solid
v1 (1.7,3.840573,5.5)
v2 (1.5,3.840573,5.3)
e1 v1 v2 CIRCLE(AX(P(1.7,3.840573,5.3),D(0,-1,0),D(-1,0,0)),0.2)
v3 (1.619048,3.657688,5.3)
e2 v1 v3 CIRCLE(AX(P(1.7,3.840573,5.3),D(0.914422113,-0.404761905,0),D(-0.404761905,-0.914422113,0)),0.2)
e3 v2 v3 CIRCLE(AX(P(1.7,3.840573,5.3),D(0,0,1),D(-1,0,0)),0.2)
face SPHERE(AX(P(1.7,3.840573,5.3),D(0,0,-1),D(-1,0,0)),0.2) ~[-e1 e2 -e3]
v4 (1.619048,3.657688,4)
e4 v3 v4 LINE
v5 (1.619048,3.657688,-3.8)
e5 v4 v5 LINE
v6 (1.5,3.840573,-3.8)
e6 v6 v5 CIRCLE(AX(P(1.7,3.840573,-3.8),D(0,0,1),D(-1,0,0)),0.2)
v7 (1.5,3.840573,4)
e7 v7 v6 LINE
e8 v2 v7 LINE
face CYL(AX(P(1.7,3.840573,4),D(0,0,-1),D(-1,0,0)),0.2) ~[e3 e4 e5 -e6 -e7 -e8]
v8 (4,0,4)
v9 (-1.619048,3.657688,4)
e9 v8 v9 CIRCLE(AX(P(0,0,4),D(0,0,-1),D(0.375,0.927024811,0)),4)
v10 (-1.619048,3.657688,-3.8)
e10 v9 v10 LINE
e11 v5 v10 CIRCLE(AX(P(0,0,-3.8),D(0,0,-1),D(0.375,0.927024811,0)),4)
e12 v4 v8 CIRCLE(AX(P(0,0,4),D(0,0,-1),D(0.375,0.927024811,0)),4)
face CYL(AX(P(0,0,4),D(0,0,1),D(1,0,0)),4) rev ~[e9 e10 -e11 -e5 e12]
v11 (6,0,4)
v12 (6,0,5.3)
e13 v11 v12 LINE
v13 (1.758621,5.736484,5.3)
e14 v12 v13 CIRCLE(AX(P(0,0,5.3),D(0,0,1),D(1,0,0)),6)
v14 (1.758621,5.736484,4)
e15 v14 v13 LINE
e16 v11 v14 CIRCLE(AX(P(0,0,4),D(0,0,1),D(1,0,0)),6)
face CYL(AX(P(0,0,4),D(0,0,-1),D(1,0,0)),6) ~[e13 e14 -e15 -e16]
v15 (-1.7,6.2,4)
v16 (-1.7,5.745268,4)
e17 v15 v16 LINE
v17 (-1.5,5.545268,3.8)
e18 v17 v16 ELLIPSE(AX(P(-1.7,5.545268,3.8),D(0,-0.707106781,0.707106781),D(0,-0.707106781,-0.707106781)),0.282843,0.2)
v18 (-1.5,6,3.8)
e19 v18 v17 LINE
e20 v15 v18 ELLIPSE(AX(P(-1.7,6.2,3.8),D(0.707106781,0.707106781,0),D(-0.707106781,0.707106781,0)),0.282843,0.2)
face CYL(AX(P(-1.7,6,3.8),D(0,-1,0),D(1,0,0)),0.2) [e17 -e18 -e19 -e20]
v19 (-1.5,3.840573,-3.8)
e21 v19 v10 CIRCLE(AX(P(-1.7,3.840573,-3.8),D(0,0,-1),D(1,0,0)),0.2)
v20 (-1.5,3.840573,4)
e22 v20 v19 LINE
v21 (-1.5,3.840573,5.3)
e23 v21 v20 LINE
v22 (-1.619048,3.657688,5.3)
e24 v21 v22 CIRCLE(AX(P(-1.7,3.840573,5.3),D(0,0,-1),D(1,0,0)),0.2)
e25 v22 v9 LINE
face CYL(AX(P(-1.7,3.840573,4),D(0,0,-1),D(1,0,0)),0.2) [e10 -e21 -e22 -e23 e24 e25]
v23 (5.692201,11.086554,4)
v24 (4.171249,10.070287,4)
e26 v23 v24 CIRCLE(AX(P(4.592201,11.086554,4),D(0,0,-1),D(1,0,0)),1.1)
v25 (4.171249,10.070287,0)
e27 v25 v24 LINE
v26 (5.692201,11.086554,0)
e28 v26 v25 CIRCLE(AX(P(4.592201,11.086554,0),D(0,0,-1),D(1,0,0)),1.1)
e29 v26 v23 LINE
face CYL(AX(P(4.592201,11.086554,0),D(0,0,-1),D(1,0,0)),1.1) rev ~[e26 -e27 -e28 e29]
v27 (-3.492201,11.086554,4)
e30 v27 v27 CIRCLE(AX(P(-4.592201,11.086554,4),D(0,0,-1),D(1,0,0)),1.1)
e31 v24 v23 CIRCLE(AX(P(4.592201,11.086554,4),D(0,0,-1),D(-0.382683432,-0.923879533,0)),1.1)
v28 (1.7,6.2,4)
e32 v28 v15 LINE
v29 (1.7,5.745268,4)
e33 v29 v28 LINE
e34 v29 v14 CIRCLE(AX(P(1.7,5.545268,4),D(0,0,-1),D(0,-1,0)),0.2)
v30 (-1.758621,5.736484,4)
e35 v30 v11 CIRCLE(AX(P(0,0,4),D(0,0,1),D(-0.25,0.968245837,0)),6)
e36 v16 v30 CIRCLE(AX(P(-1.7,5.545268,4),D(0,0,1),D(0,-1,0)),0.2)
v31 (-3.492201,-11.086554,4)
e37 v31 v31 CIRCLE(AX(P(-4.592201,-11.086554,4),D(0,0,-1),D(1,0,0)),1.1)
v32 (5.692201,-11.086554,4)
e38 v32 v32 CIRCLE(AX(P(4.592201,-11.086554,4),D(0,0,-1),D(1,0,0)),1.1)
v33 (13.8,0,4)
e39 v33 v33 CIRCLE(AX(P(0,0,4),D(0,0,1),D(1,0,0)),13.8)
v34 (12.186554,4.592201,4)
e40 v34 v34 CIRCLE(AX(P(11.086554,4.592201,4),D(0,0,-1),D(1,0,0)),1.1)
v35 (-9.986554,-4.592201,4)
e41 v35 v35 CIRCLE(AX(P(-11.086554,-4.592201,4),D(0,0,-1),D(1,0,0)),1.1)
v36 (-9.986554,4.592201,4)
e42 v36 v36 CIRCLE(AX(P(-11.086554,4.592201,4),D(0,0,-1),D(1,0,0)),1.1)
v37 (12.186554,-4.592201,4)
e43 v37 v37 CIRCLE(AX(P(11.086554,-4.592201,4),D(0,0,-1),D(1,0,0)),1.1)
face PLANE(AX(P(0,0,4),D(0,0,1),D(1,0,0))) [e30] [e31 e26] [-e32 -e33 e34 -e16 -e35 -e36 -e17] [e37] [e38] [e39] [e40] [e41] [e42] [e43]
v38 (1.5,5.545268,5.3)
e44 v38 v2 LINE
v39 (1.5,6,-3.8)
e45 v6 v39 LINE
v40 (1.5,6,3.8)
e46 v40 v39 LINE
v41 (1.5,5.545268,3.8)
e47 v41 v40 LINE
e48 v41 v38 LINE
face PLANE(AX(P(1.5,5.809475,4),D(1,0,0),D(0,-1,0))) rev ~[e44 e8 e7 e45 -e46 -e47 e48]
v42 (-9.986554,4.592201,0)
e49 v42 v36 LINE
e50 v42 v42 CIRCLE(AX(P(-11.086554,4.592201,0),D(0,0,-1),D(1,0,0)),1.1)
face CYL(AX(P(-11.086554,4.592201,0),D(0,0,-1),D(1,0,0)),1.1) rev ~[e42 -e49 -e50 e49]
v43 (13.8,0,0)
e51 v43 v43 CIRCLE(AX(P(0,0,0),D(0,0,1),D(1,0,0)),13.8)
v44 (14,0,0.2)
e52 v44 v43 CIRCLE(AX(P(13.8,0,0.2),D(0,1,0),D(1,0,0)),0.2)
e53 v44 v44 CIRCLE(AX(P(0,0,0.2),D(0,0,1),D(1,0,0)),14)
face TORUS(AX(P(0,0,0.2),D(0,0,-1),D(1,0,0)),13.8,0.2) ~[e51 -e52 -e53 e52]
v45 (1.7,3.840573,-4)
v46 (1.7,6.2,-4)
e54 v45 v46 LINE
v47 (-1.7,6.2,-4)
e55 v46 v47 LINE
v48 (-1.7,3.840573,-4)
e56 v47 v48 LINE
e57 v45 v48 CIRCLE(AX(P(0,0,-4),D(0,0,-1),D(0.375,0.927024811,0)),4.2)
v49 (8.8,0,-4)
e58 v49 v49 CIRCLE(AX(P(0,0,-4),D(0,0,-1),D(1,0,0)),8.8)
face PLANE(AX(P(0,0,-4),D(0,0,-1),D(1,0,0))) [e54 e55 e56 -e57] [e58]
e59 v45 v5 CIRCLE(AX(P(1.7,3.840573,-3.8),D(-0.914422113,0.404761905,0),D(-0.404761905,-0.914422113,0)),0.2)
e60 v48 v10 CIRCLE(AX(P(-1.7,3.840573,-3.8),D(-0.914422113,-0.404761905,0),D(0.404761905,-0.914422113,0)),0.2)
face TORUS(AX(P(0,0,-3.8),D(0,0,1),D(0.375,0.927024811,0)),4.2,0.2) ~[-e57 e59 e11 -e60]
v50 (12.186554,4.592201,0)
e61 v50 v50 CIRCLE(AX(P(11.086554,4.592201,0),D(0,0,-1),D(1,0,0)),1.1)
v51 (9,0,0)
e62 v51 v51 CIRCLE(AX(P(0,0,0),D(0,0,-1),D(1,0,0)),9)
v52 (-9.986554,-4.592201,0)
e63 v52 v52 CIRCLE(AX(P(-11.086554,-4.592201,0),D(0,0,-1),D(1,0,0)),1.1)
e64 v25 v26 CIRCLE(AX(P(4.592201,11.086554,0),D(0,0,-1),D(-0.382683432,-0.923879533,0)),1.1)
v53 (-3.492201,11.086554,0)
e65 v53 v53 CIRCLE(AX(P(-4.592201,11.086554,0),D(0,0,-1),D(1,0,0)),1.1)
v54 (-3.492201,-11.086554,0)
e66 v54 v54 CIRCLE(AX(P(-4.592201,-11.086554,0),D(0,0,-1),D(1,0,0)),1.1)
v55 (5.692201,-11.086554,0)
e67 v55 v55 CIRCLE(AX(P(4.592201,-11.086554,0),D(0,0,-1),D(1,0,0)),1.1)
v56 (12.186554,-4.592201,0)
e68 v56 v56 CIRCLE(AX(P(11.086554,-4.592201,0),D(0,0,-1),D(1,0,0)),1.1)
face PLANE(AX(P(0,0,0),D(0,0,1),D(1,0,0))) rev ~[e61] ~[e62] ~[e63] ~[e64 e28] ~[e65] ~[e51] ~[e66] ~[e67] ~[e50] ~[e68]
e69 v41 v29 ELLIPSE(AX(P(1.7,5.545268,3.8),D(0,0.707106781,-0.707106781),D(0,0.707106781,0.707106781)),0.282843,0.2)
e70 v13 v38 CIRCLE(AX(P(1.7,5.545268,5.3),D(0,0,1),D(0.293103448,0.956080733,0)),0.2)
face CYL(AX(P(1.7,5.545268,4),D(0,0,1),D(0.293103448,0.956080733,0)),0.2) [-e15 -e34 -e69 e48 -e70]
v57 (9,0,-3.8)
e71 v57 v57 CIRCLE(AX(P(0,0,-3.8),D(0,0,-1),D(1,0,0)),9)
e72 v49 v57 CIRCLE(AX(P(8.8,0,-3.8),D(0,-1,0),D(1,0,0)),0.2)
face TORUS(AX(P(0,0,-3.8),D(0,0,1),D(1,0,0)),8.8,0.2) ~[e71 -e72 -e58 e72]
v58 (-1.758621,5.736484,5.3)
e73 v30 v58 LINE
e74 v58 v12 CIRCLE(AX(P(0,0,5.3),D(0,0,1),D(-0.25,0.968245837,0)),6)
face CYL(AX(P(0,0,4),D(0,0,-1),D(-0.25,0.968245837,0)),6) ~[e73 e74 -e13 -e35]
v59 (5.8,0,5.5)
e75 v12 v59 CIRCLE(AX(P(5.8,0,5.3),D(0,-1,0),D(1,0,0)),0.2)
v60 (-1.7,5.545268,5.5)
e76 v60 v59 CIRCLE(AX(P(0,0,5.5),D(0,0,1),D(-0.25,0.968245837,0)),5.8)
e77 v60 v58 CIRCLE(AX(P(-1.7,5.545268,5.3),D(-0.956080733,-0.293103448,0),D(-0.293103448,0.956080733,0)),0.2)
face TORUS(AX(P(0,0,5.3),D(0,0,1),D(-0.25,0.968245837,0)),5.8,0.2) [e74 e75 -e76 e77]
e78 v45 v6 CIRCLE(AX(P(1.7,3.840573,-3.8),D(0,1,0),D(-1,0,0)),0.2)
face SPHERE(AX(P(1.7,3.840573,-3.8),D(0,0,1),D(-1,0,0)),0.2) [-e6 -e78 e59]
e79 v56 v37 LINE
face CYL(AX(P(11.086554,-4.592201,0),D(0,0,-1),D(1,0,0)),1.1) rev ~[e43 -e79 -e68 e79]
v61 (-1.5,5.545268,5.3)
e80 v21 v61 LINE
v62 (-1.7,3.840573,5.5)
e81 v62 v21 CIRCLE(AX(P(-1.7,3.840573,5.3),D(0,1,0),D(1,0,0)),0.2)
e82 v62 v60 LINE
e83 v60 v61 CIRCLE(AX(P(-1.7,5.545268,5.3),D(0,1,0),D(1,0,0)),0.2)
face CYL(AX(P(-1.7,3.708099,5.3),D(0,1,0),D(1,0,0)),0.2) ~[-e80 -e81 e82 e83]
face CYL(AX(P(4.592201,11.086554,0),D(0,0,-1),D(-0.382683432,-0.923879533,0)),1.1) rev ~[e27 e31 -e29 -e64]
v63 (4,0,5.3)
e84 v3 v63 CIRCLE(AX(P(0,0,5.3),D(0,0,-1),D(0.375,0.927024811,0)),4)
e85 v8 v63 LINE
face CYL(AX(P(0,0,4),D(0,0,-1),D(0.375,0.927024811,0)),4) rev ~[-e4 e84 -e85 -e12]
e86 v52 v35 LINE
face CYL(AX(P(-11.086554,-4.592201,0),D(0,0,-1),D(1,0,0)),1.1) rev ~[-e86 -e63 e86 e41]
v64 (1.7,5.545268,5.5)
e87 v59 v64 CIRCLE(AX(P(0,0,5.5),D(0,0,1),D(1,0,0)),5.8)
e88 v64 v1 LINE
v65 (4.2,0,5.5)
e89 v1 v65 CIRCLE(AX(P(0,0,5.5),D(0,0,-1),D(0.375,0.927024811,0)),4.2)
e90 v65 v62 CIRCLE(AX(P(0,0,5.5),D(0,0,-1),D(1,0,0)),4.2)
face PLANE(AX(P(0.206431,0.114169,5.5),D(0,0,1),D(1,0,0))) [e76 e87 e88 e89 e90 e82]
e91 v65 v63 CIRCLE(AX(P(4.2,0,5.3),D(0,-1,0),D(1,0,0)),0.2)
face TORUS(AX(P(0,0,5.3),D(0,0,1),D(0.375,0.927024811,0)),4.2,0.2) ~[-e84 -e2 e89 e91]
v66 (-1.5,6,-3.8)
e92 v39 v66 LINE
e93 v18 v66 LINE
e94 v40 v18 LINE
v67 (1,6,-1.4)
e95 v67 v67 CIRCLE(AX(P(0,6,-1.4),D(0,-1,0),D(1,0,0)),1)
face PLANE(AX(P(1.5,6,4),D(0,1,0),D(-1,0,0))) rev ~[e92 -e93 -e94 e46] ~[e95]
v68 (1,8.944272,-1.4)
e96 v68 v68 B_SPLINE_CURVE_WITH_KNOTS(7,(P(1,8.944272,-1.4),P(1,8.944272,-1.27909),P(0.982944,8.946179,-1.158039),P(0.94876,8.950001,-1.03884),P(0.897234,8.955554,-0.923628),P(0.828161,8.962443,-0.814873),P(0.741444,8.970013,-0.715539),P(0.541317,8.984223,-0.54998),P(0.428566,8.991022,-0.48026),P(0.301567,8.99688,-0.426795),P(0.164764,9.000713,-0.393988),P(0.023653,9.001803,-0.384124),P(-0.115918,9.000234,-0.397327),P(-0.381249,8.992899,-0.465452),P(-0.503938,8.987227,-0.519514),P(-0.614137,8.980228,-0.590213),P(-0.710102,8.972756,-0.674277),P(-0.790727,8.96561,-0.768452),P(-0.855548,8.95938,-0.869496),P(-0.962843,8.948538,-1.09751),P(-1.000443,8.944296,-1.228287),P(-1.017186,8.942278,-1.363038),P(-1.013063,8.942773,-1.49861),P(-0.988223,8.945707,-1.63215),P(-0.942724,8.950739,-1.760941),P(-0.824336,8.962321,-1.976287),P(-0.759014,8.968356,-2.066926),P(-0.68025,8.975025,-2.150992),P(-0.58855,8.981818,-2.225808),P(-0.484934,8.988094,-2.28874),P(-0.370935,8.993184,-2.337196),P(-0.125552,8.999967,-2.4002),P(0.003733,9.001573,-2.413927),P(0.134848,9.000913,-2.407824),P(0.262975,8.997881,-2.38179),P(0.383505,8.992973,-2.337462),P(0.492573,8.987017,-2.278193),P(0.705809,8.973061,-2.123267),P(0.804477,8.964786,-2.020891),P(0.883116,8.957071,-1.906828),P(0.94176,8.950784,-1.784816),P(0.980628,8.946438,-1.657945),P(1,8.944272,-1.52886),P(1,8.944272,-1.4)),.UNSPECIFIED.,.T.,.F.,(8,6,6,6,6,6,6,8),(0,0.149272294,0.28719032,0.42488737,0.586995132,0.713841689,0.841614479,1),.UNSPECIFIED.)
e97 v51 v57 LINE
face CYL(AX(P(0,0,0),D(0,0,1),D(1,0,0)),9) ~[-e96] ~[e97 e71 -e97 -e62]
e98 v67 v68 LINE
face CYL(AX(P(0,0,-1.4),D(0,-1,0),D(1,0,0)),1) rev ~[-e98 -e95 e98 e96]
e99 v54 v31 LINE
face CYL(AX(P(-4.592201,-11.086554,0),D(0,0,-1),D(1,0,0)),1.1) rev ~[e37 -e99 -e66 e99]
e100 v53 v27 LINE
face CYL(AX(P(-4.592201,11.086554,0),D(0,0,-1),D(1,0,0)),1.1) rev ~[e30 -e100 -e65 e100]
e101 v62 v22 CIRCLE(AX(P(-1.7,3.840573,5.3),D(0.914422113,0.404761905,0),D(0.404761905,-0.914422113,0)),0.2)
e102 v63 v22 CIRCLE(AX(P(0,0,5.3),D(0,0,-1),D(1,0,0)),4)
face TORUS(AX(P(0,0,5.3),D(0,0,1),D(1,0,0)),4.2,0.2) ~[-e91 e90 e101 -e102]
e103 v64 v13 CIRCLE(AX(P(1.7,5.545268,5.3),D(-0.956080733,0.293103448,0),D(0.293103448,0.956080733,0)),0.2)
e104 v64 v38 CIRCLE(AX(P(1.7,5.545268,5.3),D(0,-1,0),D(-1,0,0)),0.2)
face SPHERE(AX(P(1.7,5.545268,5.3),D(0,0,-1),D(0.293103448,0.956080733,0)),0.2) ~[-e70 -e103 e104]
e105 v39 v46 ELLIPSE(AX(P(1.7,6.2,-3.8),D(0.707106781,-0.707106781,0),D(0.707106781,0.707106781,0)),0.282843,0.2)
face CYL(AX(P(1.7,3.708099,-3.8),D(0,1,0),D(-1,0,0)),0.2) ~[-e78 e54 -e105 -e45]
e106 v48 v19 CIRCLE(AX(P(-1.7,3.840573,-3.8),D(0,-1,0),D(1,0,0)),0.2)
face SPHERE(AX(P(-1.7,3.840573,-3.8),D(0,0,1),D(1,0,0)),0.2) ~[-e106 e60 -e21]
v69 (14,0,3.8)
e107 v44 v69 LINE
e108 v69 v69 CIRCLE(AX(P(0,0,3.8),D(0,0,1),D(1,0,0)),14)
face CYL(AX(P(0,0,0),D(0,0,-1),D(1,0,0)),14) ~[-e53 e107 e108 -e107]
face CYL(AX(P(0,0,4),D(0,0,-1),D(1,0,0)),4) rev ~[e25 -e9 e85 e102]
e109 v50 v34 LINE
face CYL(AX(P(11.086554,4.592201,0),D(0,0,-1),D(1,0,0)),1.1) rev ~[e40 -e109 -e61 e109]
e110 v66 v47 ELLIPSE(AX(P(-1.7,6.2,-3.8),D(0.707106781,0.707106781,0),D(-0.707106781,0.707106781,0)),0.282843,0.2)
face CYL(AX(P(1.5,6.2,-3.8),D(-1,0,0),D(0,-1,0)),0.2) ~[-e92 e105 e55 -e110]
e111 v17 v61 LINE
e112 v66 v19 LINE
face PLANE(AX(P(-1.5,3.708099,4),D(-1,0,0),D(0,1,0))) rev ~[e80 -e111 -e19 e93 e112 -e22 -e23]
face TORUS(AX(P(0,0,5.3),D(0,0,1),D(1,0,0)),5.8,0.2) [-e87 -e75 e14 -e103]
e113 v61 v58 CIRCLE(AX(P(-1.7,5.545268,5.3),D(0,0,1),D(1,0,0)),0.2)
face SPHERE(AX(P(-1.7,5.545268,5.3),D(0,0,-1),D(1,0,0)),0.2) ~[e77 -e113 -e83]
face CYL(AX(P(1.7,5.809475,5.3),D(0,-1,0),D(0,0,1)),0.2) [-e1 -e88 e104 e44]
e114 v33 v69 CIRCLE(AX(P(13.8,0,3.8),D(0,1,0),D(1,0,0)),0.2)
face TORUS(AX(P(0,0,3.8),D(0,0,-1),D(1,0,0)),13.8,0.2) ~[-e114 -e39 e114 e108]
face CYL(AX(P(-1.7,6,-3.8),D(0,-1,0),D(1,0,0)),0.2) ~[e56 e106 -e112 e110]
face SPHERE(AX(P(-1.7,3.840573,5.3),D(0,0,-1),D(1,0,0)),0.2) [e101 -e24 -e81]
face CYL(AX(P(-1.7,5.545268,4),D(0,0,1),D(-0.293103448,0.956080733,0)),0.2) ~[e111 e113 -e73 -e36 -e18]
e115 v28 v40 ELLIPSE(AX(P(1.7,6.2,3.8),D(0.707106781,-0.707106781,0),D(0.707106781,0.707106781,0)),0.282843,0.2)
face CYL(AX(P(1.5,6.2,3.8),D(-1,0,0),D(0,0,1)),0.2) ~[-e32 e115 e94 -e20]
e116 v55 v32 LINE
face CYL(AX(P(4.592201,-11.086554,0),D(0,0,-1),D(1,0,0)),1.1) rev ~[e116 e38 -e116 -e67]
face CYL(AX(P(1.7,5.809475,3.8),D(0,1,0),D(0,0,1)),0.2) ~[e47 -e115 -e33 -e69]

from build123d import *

# Parameters (mm, degrees)
F0_R      = 14
F1_DEPTH  = 4
F2_R      = 9
F3_DEPTH  = 4
F4_R      = 4
F5_DEPTH  = 8
F6_R      = 1.1
F7_DEPTH  = 4
F9_DEPTH  = 8
F10_R     = 1
F11_DEPTH = 25
F13_DEPTH = 1.5
F14_R     = 0.2


with BuildPart() as f1:
    # F0 (on Top) → F1 (new body)
    with BuildSketch(Plane.XY):
        Circle(F0_R)
    extrude(amount=F1_DEPTH)

    # F2 (on face) → F3 (join)
    with BuildSketch(Plane(origin=(0, 0, 0), x_dir=(1, 0, 0), z_dir=(0, 0, -1))):
        Circle(F2_R)
    extrude(amount=F3_DEPTH)

    # F4 (on face) → F5 (cut, through all)
    with BuildSketch(Plane.XY.offset(4)):
        Circle(F4_R)
    extrude(amount=-F5_DEPTH, mode=Mode.SUBTRACT)

    # F6 (on face) → F7 (cut, through all)
    with BuildSketch(Plane(origin=(0, 0, 0), x_dir=(1, 0, 0), z_dir=(0, 0, -1))):
        with Locations((4.5922011884, 11.0865543901)):
            Circle(F6_R)
        with Locations((-4.5922011884, 11.0865543901)):
            Circle(F6_R)
        with Locations((-11.0865543901, 4.5922011884)):
            Circle(F6_R)
        with Locations((-11.0865543901, -4.5922011884)):
            Circle(F6_R)
        with Locations((-4.5922011884, -11.0865543901)):
            Circle(F6_R)
        with BuildLine():
            ThreePointArc((4.1712494128, -10.0702869044), (3.9810739321, -12.0011709637), (5.6922011884, -11.0865543901))
            ThreePointArc((5.6922011884, -11.0865543901), (5.2033284447, -10.1719378166), (4.1712494128, -10.0702869044))
        make_face()
        with Locations((11.0865543901, -4.5922011884)):
            Circle(F6_R)
        with Locations((11.0865543901, 4.5922011884)):
            Circle(F6_R)
    extrude(amount=-F7_DEPTH, mode=Mode.SUBTRACT)

    # F8 (on face) → F9 (cut, through all)
    with BuildSketch(Plane.XY.offset(4)):
        with BuildLine():
            ThreePointArc((-1.5, 3.7080992435), (0, 4), (1.5, 3.7080992435))
            Line((1.5, 3.7080992435), (1.5, 6))
            Line((1.5, 6), (-1.5, 6))
            Line((-1.5, 6), (-1.5, 3.7080992435))
        make_face()
    extrude(amount=-F9_DEPTH, mode=Mode.SUBTRACT)

    # F10 (on Front) → F11 (cut)
    with BuildSketch(Plane.XZ):
        with Locations((0, -1.4)):
            Circle(F10_R)
    extrude(amount=-F11_DEPTH, mode=Mode.SUBTRACT)

    # F12 (on face) → F13 (join)
    with BuildSketch(Plane.XY.offset(4)):
        with BuildLine():
            ThreePointArc((-1.5, 5.8094750193), (-3.6742346142, -4.7434164903), (6, 0))
            ThreePointArc((6, 0), (4.7434164903, 3.6742346142), (1.5, 5.8094750193))
            Line((1.5, 5.8094750193), (1.5, 3.7080992435))
            ThreePointArc((1.5, 3.7080992435), (3.3166247904, 2.2360679775), (4, 0))
            ThreePointArc((4, 0), (-2.2360679775, -3.3166247904), (-1.5, 3.7080992435))
            Line((-1.5, 3.7080992435), (-1.5, 5.8094750193))
        make_face()
    extrude(amount=F13_DEPTH)

    # F14
    f14_edges = [f1.edges().sort_by_distance(p)[0] for p in [
        (-14, 0, 4),
        (-14, 0, 0),
        (-9, 0, -4),
        (0, -4, -4),
        (-1.5, 4.758787, 5.5),
        (-3.674235, -4.743416, 5.5),
        (4.743416, 3.674235, 5.5),
        (1.5, 4.758787, 5.5),
        (0, -4, 5.5),
        (1.5, 5.904738, 4),
        (0, 6, 4),
        (-1.5, 5.904738, 4),
        (1.5, 5.809475, 4.75),
        (-1.5, 5.809475, 4.75),
        (-1.5, 3.708099, 0.75),
        (1.5, 3.708099, 0.75),
        (1.5, 4.85405, -4),
        (0, 6, -4),
        (-1.5, 4.85405, -4),
    ]]
    fillet(f14_edges, radius=F14_R)


solid = f1.part
